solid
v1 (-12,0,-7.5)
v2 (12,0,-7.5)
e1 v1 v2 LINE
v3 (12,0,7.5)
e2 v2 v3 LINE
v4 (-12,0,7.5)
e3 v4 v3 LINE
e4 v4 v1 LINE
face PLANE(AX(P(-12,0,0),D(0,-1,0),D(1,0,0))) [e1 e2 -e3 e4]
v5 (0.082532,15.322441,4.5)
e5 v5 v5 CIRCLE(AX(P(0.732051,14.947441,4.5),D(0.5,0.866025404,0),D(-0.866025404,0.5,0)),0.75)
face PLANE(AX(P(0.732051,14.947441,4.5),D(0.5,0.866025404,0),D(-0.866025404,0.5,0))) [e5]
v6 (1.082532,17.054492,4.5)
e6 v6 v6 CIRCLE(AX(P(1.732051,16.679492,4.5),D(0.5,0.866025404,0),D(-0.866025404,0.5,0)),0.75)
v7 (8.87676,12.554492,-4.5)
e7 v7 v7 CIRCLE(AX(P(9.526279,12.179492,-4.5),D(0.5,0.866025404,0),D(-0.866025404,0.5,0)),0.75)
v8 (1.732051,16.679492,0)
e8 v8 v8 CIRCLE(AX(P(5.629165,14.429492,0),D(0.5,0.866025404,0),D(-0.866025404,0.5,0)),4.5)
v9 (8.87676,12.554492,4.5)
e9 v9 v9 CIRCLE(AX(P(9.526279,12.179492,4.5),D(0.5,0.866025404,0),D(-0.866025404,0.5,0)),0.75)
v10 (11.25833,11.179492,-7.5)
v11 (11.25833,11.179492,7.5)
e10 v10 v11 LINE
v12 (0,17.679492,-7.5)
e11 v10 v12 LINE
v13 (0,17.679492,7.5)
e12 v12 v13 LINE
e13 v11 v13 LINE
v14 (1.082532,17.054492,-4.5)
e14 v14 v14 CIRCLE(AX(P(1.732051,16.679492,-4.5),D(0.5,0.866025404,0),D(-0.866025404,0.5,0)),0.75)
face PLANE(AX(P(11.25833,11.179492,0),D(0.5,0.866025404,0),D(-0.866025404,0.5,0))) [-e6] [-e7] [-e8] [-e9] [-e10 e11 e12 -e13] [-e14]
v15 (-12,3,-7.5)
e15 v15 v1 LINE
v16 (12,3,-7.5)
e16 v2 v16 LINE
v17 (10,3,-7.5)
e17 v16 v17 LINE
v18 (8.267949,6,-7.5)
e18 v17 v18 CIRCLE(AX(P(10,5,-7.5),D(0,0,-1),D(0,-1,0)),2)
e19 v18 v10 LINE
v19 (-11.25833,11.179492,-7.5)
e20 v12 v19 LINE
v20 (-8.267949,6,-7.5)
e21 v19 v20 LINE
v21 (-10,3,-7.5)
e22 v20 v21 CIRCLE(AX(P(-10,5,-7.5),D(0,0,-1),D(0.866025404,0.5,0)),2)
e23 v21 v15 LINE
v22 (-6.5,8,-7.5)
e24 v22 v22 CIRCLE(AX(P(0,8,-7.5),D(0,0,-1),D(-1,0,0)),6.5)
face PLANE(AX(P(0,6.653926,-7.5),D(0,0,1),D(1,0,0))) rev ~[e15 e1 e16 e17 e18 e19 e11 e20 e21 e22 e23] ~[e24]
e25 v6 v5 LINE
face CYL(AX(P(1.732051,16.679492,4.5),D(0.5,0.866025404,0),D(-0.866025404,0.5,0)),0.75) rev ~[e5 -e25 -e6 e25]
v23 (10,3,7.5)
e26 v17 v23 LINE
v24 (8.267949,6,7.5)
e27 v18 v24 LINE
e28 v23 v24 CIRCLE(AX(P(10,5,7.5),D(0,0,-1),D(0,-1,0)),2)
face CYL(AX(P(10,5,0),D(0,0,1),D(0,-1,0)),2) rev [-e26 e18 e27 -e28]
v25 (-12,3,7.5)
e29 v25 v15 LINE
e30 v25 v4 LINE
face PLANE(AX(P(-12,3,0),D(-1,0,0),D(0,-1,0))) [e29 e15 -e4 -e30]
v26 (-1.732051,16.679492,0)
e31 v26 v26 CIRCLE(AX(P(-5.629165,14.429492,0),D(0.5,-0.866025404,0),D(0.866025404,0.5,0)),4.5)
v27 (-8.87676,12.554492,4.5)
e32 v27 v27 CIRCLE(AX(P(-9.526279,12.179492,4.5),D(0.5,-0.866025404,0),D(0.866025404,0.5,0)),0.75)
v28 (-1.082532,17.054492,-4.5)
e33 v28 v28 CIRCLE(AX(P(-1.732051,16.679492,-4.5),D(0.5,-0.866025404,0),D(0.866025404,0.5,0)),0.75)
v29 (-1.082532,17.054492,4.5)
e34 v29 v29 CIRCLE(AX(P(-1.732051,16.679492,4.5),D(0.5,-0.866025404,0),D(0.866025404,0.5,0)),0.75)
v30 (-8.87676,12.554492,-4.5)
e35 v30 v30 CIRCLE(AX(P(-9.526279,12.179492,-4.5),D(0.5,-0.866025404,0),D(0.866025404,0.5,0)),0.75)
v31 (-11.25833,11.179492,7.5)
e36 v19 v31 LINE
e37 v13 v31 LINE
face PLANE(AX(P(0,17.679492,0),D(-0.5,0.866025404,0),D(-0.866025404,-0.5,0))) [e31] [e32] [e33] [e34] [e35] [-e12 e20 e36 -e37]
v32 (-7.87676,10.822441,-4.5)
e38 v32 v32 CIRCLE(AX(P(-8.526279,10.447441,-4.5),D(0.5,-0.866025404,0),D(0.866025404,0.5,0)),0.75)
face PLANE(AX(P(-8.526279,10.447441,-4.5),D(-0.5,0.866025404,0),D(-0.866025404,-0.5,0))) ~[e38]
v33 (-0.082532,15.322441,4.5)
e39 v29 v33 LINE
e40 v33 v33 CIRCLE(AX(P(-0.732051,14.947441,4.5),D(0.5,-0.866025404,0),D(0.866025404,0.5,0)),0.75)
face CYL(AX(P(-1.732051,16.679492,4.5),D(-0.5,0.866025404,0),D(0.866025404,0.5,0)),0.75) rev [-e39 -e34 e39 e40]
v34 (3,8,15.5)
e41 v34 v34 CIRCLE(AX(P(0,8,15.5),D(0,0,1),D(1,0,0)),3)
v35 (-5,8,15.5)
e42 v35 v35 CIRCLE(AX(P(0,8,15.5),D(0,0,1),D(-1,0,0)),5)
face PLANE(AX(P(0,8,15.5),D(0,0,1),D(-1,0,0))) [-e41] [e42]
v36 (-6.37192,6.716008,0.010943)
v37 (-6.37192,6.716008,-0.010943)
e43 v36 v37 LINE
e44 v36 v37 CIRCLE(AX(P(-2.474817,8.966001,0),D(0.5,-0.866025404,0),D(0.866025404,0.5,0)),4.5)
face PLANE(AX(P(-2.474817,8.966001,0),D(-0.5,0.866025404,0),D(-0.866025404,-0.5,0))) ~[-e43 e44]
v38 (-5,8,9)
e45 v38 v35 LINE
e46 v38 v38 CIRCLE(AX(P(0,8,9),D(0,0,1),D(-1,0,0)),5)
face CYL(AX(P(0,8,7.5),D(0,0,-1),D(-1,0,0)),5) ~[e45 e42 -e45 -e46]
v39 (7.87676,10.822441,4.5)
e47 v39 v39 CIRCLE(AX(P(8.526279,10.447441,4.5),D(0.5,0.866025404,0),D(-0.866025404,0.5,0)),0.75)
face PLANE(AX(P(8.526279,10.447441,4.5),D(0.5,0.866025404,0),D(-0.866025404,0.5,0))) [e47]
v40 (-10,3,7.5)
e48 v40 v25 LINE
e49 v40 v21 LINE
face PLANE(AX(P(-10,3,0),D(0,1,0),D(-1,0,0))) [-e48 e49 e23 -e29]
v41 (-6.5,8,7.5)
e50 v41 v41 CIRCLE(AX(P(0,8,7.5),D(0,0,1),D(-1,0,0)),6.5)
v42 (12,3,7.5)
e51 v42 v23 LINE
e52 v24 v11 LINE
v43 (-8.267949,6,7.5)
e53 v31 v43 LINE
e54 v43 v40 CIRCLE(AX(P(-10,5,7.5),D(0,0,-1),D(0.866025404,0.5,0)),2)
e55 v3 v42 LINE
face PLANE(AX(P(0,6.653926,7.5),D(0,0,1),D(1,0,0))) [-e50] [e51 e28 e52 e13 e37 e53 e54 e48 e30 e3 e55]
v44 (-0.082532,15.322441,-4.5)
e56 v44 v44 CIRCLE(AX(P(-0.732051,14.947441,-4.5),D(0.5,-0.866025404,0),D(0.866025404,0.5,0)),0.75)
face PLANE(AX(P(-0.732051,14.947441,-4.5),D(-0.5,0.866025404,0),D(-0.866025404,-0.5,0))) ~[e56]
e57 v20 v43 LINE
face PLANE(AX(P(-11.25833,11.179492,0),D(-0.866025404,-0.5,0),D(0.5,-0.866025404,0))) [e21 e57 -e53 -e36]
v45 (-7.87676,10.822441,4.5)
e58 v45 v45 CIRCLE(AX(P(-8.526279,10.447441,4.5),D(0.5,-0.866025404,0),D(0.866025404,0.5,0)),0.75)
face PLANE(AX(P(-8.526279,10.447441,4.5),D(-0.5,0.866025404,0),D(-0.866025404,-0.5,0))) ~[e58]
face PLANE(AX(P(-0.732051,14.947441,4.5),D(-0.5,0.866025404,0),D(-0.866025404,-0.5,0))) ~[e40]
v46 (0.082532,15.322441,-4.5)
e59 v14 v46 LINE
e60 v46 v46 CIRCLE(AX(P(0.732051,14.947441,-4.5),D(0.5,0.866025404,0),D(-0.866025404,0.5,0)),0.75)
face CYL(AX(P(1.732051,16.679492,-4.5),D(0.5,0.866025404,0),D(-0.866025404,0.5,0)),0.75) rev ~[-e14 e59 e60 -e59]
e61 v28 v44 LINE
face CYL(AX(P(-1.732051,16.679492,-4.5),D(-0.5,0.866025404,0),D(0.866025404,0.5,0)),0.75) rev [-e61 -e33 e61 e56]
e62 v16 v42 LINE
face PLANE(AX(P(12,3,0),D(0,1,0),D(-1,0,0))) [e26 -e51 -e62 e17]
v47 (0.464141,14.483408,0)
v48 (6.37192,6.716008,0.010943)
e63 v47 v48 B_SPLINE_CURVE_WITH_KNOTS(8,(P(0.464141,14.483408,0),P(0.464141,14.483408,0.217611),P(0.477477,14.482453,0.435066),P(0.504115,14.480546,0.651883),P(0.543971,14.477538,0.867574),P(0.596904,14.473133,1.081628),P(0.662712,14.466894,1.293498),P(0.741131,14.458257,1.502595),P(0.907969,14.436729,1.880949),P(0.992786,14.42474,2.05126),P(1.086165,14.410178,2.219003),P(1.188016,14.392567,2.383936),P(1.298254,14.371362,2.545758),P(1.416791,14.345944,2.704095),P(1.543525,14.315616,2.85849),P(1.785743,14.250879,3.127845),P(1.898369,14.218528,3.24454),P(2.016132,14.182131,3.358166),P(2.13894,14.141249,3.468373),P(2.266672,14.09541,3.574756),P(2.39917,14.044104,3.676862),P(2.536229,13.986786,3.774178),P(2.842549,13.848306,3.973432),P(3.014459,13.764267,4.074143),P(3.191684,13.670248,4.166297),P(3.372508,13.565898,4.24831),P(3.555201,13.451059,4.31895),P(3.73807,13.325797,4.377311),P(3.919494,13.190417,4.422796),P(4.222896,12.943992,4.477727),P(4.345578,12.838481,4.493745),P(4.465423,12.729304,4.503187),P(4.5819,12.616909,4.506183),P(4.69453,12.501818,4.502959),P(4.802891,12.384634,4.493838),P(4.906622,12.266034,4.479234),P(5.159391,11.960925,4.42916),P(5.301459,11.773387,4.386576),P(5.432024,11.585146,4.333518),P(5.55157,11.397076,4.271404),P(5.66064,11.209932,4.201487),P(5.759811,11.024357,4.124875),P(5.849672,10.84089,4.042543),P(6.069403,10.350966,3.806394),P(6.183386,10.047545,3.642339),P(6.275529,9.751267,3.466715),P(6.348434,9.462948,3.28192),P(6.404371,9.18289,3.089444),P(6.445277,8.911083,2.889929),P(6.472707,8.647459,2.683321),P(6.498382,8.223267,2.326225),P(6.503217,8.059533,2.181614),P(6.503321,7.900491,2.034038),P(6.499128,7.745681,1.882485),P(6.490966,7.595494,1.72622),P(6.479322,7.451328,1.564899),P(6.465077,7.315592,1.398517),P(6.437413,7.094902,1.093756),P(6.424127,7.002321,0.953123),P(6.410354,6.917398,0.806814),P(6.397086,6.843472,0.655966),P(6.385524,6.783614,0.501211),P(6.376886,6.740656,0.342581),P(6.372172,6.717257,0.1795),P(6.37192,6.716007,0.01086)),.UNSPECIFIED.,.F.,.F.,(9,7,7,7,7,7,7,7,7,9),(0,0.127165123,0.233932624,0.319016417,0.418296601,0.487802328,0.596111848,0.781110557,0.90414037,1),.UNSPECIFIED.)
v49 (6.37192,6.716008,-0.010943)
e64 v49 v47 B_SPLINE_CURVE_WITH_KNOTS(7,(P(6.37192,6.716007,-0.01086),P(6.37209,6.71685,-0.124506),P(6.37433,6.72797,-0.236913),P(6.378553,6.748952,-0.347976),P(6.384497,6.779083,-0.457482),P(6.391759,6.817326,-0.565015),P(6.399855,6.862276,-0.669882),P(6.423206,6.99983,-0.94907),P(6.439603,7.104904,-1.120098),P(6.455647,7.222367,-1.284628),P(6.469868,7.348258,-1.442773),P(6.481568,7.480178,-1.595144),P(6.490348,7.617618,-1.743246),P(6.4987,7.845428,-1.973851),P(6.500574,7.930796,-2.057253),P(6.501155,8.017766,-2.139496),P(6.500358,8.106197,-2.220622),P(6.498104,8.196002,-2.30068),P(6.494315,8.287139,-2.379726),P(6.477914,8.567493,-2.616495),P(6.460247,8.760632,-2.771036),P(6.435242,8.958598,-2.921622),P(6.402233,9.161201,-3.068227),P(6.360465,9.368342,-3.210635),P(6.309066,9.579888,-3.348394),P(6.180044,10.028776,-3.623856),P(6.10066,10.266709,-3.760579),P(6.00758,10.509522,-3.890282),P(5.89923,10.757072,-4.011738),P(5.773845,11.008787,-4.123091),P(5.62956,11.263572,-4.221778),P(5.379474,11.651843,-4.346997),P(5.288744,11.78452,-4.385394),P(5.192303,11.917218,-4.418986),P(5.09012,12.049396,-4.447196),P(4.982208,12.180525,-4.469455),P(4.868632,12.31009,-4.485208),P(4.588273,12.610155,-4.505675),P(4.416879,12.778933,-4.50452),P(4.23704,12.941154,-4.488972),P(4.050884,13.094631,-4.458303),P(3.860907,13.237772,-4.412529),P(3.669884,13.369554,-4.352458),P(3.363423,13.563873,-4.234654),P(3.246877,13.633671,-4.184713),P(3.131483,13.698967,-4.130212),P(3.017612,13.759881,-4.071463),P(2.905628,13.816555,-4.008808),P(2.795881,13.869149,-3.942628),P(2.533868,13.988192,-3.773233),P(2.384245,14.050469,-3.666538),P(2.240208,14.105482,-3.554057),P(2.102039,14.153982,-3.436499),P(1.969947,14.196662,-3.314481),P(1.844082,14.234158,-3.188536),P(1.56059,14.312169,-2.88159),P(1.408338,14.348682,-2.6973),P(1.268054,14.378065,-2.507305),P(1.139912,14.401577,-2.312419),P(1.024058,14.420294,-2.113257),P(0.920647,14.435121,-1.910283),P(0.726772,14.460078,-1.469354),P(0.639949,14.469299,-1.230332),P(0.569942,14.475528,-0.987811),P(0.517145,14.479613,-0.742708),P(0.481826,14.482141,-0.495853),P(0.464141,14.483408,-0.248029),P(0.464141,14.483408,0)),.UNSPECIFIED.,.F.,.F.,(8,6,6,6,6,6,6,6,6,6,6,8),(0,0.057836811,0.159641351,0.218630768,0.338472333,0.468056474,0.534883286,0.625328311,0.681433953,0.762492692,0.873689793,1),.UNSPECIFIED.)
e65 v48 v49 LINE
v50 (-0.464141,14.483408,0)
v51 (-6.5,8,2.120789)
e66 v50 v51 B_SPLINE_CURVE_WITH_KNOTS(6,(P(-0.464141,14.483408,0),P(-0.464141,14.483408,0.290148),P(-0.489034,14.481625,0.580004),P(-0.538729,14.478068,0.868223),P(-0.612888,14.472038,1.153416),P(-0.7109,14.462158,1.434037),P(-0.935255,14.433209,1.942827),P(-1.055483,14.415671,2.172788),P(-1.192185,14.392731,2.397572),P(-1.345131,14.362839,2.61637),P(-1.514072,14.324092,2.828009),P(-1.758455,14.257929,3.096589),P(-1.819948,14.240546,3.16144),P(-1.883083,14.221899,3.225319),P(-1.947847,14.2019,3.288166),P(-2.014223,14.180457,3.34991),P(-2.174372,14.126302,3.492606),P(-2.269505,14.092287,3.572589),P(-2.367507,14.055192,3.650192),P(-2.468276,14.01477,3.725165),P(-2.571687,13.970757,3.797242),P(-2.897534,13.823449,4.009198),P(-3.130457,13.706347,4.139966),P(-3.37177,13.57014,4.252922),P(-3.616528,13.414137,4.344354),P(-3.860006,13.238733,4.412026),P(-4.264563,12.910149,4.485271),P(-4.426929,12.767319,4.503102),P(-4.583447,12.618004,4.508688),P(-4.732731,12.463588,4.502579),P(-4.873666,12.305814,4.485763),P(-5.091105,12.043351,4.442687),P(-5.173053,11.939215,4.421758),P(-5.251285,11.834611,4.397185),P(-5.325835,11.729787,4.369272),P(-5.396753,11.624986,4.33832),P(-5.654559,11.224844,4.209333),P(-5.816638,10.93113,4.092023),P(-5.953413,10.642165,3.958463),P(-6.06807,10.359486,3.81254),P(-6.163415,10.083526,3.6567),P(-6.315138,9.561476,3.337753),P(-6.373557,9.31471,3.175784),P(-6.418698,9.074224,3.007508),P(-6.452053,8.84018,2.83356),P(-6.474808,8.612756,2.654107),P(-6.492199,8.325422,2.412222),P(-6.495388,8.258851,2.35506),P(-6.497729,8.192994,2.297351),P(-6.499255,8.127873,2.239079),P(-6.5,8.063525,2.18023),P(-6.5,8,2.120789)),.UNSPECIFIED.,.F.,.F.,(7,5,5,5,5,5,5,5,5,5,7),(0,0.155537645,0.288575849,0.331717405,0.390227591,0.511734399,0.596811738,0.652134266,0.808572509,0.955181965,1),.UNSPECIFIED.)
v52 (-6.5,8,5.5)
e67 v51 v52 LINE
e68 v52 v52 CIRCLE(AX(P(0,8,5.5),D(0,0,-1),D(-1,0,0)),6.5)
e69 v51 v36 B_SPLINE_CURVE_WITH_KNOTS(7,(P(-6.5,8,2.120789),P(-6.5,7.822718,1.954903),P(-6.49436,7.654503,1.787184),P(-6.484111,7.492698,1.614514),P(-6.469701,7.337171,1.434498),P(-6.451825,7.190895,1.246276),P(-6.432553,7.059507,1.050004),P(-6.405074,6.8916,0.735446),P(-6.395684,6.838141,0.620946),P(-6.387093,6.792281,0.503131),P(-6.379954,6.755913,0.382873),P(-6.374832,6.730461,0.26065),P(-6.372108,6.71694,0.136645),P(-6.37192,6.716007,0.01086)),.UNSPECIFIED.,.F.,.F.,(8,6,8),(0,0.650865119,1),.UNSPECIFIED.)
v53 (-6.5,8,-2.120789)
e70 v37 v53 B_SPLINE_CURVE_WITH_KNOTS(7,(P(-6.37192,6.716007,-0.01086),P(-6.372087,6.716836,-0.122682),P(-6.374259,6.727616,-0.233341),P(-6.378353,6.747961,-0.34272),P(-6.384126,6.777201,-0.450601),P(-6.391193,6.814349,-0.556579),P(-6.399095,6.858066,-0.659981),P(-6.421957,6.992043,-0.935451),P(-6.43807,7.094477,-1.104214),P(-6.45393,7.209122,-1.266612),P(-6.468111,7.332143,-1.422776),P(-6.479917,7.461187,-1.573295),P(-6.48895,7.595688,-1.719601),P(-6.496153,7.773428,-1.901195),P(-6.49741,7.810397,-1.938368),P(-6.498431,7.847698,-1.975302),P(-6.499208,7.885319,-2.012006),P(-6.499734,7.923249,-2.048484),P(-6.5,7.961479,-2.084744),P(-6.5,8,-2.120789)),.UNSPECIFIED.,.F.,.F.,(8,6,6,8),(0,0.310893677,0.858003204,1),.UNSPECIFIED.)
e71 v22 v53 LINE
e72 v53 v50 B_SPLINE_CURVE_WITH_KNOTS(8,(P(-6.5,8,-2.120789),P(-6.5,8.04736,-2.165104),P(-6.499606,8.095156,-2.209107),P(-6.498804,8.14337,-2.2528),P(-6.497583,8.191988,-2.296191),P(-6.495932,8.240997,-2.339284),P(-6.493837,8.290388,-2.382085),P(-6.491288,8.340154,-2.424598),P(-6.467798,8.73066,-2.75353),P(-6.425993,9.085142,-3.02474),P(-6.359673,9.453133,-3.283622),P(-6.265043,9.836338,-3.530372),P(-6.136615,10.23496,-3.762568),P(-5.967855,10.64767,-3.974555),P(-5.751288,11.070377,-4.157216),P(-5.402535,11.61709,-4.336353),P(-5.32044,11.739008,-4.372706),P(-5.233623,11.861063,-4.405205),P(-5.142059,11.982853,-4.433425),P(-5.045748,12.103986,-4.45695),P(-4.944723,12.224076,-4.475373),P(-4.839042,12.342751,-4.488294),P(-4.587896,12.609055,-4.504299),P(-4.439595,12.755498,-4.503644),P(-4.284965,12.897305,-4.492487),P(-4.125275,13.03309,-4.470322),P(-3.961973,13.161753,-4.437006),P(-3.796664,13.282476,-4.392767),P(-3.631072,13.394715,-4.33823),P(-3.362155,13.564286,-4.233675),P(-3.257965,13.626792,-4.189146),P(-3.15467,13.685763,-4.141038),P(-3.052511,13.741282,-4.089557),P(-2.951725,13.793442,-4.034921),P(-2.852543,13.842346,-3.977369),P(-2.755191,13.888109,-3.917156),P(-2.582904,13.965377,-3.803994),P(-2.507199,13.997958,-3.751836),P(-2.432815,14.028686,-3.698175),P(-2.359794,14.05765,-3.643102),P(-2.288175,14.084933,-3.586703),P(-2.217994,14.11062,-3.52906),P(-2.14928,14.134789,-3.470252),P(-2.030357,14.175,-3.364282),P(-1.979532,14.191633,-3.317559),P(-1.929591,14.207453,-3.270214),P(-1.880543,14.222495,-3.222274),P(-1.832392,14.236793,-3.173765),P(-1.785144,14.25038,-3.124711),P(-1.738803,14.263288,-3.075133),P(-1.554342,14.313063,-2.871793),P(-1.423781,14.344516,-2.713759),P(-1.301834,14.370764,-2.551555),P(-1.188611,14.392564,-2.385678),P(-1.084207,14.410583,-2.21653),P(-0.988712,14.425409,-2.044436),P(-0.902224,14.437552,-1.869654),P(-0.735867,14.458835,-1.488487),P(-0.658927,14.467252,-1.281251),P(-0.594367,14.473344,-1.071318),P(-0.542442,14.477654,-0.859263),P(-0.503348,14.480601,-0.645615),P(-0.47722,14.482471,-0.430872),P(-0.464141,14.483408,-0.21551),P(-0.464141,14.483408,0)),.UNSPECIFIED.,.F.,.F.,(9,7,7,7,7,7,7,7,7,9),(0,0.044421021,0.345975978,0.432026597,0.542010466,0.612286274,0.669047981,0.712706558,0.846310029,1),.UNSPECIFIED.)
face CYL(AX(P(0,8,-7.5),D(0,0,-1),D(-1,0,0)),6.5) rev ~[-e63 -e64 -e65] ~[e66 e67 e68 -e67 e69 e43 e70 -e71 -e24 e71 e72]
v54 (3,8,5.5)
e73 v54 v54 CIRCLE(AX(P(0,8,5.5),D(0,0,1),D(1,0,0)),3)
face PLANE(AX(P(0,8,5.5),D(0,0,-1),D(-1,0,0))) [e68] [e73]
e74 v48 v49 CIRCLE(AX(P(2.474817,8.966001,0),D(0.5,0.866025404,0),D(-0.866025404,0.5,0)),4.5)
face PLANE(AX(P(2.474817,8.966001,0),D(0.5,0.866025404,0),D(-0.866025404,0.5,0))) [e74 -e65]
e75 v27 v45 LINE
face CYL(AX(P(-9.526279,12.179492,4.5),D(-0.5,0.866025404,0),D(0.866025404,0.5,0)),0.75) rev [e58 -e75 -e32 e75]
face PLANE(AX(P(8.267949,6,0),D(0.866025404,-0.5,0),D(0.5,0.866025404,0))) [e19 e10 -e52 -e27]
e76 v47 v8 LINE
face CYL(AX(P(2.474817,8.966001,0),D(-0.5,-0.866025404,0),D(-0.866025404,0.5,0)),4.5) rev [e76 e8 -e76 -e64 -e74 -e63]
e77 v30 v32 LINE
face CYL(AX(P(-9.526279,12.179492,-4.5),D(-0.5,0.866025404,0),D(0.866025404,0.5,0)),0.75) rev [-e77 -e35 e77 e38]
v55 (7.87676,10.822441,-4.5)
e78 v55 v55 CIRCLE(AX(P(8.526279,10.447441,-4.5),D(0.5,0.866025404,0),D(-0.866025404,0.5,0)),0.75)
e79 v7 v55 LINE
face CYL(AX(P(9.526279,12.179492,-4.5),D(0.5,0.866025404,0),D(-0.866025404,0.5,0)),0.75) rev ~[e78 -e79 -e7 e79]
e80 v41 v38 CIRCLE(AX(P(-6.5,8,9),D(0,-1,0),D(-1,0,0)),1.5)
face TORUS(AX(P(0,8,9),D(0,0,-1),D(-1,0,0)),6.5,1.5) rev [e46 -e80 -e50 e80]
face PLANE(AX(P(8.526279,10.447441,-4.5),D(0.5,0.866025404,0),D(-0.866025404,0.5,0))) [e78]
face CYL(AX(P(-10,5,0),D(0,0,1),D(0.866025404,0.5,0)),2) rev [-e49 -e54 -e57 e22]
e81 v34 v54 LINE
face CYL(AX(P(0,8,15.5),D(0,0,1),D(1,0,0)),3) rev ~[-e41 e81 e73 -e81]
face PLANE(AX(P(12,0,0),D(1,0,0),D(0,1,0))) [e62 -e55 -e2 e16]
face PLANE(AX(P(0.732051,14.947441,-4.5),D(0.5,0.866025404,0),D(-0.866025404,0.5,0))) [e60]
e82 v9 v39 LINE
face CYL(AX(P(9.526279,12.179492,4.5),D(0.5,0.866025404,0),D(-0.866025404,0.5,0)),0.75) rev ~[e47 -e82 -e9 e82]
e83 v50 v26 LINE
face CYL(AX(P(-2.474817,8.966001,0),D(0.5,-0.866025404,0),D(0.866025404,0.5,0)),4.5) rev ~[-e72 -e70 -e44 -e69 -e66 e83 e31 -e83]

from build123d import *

# Parameters (mm, degrees)
BOSS_EXTRUDE1_DEPTH = 7.5
SKETCH2_R           = 5
BOSS_EXTRUDE2_DEPTH = 8
SKETCH3_R           = 6.5
CUT_EXTRUDE1_DEPTH  = 13
CUT_EXTRUDE2_REACH  = 25
SKETCH4_R           = 3
CUT_EXTRUDE3_START  = -6.308696
SKETCH5_R           = 4.5
CUT_EXTRUDE3_DEPTH  = 6.308696
SKETCH6_R           = 0.75
CUT_EXTRUDE4_DEPTH  = 2
FILLET1_R           = 1.5


with BuildPart() as part:
    # Sketch1 → Boss-Extrude1 (new body, symmetric)
    with BuildSketch(Plane.XY):
        with BuildLine():
            Line((-12, 0), (12, 0))
            Line((12, 0), (12, 3))
            Line((12, 3), (10, 3))
            ThreePointArc((10, 3), (8.267949192, 4), (8.267949192, 6))
            Line((8.267949192, 6), (11.258330249, 11.179491924))
            Line((11.258330249, 11.179491924), (0, 17.679491924))
            Line((0, 17.679491924), (-11.258330249, 11.179491924))
            Line((-11.258330249, 11.179491924), (-8.267949192, 6))
            ThreePointArc((-8.267949192, 6), (-8.267949192, 4), (-10, 3))
            Line((-10, 3), (-12, 3))
            Line((-12, 3), (-12, 0))
        make_face()
    extrude(amount=BOSS_EXTRUDE1_DEPTH, both=True)

    # Sketch2 → Boss-Extrude2 (add)
    with BuildSketch(Plane.XY.offset(7.5)):
        with Locations(Location((0, 8, 0), (0, 0, 180))):  # turned: the seam where the file's is
            Circle(SKETCH2_R)
    extrude(amount=BOSS_EXTRUDE2_DEPTH)

    # Sketch3 → Cut-Extrude1 (cut)
    with BuildSketch(Plane(origin=(0, 0, -7.5), x_dir=(-1, 0, 0), z_dir=(0, 0, -1))):
        with Locations((0, 8)):
            Circle(SKETCH3_R)
    extrude(amount=-CUT_EXTRUDE1_DEPTH, mode=Mode.SUBTRACT)

    # Sketch4 → Cut-Extrude2 (cut, up to next)
    with BuildSketch(Plane.XY.offset(15.5), mode=Mode.PRIVATE) as cut_extrude2_sk1:
        with Locations((0, 8)):
            Circle(SKETCH4_R)
    cut_extrude2_tool1 = extrude(cut_extrude2_sk1.sketch, amount=-CUT_EXTRUDE2_REACH, mode=Mode.PRIVATE) & part.part
    add(cut_extrude2_tool1.solids().sort_by_distance((0, 8, 15.5))[0], mode=Mode.SUBTRACT)

    # Sketch5 → Cut-Extrude3 (cut)
    with BuildSketch(Plane(origin=(7.655444566, 13.259618943, 0), x_dir=(0.866025404, -0.5, 0), z_dir=(0.5, 0.866025404, 0)).offset(CUT_EXTRUDE3_START)):
        with Locations(Location((-2.339745962, 0, 0), (0, 0, 180))):  # turned: the seam where the file's is
            Circle(SKETCH5_R)
    cut_extrude3 = extrude(amount=CUT_EXTRUDE3_DEPTH, mode=Mode.SUBTRACT)

    # Mirror1: Cut-Extrude3 across plane
    add(cut_extrude3.mirror(Plane(origin=(0, 0, 0), x_dir=(0, 0, 1), z_dir=(1, 0, 0))), mode=Mode.SUBTRACT)

    # Sketch6 → Cut-Extrude4 (cut)
    with BuildSketch(Plane(origin=(7.655444566, 13.259618943, 0), x_dir=(0.866025404, -0.5, 0), z_dir=(0.5, 0.866025404, 0))):
        with Locations(Location((-6.839745962, 4.5, 0), (0, 0, 180))):  # turned: the seam where the file's is
            Circle(SKETCH6_R)
        with Locations(Location((2.160254038, 4.5, 0), (0, 0, 180))):  # turned: the seam where the file's is
            Circle(SKETCH6_R)
        with Locations(Location((2.160254038, -4.5, 0), (0, 0, 180))):  # turned: the seam where the file's is
            Circle(SKETCH6_R)
        with Locations(Location((-6.839745962, -4.5, 0), (0, 0, 180))):  # turned: the seam where the file's is
            Circle(SKETCH6_R)
    cut_extrude4 = extrude(amount=-CUT_EXTRUDE4_DEPTH, mode=Mode.SUBTRACT)

    # Mirror2: Cut-Extrude4 across plane
    add(cut_extrude4.mirror(Plane(origin=(0, 0, 0), x_dir=(0, 0, 1), z_dir=(1, 0, 0))), mode=Mode.SUBTRACT)

    # Fillet1
    fillet1_edges = [part.edges().sort_by_distance(p)[0] for p in [
        (5, 8, 7.5),
    ]]
    fillet(fillet1_edges, radius=FILLET1_R)


solid = part.part
